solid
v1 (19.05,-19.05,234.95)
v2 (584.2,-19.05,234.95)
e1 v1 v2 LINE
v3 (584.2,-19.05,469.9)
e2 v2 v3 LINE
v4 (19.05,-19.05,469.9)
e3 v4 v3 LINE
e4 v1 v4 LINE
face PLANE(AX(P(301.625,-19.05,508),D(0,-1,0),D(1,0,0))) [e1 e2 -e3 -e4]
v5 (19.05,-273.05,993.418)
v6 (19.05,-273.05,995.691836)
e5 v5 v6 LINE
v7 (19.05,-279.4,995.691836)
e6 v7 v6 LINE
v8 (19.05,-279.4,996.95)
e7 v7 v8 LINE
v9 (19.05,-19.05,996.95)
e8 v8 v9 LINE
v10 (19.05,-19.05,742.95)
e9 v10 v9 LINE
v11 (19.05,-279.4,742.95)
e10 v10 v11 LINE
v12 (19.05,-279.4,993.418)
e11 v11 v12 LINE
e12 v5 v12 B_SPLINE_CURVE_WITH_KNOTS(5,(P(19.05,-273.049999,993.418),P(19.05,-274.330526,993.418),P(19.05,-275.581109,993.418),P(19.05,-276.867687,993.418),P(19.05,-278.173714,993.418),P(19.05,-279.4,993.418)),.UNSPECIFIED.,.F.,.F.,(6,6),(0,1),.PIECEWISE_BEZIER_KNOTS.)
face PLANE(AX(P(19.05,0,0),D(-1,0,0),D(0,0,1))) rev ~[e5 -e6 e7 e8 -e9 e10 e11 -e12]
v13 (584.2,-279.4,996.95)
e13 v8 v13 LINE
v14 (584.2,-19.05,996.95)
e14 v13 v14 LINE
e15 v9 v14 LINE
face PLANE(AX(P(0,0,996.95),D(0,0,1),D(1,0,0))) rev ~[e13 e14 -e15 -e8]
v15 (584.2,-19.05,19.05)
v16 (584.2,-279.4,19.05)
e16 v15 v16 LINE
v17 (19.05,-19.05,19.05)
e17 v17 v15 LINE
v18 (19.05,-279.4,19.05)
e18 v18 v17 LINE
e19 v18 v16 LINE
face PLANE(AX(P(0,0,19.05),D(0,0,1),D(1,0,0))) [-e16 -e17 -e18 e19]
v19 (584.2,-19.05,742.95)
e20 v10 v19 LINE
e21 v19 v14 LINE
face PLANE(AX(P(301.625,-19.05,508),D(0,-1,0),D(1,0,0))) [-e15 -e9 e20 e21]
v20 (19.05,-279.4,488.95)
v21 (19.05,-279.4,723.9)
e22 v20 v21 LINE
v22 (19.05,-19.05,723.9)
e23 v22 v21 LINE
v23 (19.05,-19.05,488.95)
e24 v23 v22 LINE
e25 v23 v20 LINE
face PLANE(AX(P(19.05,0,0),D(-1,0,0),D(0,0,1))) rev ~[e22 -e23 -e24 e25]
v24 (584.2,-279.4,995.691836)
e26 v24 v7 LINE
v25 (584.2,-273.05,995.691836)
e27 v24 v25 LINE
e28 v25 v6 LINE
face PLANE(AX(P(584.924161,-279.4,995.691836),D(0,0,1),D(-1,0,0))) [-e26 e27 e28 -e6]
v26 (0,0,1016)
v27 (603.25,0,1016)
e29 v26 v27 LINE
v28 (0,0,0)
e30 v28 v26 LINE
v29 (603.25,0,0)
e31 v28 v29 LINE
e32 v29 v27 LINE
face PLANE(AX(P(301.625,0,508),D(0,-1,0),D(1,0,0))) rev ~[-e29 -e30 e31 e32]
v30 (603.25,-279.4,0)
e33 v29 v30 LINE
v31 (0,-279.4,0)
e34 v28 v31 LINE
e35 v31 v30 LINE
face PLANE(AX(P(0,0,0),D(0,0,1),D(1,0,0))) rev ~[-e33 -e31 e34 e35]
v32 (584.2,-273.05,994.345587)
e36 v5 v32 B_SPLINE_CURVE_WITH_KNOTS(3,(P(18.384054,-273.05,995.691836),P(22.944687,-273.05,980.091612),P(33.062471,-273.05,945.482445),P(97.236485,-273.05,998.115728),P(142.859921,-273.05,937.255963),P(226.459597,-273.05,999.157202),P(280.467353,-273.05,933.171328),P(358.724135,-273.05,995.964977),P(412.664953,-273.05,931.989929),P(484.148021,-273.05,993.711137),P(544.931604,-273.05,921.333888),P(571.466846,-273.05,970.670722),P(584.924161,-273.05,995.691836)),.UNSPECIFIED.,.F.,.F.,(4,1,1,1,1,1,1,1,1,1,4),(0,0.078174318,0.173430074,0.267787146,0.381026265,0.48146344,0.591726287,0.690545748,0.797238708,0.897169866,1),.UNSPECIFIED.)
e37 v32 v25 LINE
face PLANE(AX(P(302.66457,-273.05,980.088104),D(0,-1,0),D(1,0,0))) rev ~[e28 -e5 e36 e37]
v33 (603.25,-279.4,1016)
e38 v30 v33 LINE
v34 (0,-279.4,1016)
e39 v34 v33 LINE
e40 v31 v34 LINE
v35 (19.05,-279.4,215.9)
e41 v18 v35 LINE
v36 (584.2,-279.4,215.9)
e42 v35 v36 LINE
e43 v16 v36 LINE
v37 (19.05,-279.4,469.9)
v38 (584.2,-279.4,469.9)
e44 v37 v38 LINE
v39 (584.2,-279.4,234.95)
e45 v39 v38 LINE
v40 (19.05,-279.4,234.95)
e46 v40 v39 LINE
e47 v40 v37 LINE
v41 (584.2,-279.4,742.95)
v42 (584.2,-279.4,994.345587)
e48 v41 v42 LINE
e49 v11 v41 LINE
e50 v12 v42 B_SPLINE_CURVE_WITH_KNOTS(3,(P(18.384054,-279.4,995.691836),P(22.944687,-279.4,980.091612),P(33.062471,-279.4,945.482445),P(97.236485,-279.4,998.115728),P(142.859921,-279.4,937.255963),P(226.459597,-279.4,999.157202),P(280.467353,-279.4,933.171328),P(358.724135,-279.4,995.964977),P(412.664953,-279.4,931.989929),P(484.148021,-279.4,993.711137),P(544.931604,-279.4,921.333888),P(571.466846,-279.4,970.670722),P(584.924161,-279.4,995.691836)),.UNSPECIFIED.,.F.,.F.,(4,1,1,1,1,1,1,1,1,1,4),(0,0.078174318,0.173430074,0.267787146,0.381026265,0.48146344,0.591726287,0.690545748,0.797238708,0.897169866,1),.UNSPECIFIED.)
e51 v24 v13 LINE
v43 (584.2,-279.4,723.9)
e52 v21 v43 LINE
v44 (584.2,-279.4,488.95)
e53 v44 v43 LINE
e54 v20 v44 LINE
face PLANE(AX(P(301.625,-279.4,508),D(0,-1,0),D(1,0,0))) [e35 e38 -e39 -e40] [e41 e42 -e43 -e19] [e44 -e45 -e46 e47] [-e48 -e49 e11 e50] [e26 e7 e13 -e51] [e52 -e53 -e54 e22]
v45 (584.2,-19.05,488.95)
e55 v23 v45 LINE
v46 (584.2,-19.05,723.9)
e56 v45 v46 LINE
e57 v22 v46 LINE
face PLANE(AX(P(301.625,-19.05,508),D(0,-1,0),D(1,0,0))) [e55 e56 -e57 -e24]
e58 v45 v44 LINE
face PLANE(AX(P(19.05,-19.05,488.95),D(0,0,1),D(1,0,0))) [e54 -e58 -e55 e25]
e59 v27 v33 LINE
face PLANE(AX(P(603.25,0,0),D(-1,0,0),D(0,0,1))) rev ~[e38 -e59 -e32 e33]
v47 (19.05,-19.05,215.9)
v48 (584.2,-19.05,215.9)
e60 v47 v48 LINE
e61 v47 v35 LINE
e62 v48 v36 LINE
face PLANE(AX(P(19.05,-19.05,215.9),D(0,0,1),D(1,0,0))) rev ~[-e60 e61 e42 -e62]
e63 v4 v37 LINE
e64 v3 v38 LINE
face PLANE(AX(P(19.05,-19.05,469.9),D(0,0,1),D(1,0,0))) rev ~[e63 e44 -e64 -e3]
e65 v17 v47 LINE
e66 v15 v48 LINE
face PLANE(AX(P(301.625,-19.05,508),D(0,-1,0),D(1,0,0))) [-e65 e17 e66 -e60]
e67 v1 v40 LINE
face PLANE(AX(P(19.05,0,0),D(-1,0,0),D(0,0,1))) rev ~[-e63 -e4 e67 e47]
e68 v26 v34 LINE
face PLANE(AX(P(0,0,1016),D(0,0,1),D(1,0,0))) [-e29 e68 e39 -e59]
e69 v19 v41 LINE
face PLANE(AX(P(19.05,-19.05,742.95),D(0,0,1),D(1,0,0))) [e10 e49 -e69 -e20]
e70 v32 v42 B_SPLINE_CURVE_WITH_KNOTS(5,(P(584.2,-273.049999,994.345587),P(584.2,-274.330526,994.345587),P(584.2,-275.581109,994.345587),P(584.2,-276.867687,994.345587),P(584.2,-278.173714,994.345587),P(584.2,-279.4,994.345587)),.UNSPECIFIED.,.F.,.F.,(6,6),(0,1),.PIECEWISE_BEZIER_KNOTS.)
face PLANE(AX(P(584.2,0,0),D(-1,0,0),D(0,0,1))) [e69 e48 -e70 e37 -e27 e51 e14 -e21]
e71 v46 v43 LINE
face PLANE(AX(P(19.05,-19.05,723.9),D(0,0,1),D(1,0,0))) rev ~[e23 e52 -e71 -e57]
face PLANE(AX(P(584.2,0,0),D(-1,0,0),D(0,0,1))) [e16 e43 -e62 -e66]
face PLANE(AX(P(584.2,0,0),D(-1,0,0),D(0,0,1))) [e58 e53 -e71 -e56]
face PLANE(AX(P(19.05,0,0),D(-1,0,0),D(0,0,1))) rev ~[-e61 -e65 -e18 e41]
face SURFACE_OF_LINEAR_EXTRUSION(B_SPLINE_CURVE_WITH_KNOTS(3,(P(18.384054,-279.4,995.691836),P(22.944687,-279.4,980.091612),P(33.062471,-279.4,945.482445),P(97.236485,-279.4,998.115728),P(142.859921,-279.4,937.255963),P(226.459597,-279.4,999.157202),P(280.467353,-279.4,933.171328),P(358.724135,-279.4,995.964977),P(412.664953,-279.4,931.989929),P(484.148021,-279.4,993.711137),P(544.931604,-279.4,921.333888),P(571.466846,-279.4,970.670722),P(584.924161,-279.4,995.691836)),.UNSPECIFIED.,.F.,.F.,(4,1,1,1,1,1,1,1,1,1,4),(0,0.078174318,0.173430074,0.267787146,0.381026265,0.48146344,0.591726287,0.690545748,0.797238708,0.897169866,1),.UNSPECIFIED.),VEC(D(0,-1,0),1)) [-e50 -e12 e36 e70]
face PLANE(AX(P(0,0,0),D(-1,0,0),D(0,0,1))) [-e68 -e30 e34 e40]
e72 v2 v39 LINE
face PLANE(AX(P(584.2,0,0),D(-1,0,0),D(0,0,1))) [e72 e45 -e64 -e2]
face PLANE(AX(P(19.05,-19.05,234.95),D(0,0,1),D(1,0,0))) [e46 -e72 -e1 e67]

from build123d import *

# Parameters (mm, degrees)
F0_W     = 603.25
F0_H     = 1016
F1_DEPTH = 279.4
F2_T     = -19.05
F3_W     = 565.15
F3_H     = 19.05
F4_DEPTH = 260.35
F7_DEPTH = 6.35


with BuildPart() as f1:
    # F0 (on Front) → F1 (new body)
    with BuildSketch(Plane.XZ):
        with Locations((301.625, 508)):
            Rectangle(F0_W, F0_H)
    extrude(amount=F1_DEPTH)

    # F2
    f2_openings = [f1.faces().sort_by_distance(p)[0] for p in [
        (301.625, -279.4, 508),
    ]]
    offset(amount=F2_T, openings=f2_openings)

    # F3 (on face) → F4 (join)
    with BuildSketch(Plane.XZ.offset(19.05)):
        with Locations((301.625, 733.425)):
            Rectangle(F3_W, F3_H)
        with Locations((301.625, 479.425)):
            Rectangle(F3_W, F3_H)
        with Locations((301.625, 225.425)):
            Rectangle(F3_W, F3_H)
    extrude(amount=F4_DEPTH)

    # F6 (on offset) → F7 (join)
    with BuildSketch(Plane.XZ.offset(279.4)):
        with BuildLine():
            Line((584.9241614342, 995.6918358803), (18.3840543032, 995.6918358803))
            add(Edge.make_bspline(
                [(18.3840543032, 995.6918358803), (22.9446869058, 980.0916117955), (33.0624707567, 945.4824448069), (97.236484595, 998.1157284181), (142.859921271, 937.2559631762), (226.45959666, 999.1572020464), (280.4673534763, 933.1713283742), (358.7241351901, 995.9649768258), (412.6649530689, 931.9899288239), (484.1480210672, 993.7111371243), (544.9316035358, 921.3338875252), (571.4668463845, 970.670722202), (584.9241614342, 995.6918358803)],
                knots=[0, 0, 0, 0, 0.0781743177, 0.1734300738, 0.2677871456, 0.3810262648, 0.4814634402, 0.5917262865, 0.6905457485, 0.7972387084, 0.8971698659, 1, 1, 1, 1], degree=3))
        make_face()
    extrude(amount=-F7_DEPTH)


solid = f1.part
